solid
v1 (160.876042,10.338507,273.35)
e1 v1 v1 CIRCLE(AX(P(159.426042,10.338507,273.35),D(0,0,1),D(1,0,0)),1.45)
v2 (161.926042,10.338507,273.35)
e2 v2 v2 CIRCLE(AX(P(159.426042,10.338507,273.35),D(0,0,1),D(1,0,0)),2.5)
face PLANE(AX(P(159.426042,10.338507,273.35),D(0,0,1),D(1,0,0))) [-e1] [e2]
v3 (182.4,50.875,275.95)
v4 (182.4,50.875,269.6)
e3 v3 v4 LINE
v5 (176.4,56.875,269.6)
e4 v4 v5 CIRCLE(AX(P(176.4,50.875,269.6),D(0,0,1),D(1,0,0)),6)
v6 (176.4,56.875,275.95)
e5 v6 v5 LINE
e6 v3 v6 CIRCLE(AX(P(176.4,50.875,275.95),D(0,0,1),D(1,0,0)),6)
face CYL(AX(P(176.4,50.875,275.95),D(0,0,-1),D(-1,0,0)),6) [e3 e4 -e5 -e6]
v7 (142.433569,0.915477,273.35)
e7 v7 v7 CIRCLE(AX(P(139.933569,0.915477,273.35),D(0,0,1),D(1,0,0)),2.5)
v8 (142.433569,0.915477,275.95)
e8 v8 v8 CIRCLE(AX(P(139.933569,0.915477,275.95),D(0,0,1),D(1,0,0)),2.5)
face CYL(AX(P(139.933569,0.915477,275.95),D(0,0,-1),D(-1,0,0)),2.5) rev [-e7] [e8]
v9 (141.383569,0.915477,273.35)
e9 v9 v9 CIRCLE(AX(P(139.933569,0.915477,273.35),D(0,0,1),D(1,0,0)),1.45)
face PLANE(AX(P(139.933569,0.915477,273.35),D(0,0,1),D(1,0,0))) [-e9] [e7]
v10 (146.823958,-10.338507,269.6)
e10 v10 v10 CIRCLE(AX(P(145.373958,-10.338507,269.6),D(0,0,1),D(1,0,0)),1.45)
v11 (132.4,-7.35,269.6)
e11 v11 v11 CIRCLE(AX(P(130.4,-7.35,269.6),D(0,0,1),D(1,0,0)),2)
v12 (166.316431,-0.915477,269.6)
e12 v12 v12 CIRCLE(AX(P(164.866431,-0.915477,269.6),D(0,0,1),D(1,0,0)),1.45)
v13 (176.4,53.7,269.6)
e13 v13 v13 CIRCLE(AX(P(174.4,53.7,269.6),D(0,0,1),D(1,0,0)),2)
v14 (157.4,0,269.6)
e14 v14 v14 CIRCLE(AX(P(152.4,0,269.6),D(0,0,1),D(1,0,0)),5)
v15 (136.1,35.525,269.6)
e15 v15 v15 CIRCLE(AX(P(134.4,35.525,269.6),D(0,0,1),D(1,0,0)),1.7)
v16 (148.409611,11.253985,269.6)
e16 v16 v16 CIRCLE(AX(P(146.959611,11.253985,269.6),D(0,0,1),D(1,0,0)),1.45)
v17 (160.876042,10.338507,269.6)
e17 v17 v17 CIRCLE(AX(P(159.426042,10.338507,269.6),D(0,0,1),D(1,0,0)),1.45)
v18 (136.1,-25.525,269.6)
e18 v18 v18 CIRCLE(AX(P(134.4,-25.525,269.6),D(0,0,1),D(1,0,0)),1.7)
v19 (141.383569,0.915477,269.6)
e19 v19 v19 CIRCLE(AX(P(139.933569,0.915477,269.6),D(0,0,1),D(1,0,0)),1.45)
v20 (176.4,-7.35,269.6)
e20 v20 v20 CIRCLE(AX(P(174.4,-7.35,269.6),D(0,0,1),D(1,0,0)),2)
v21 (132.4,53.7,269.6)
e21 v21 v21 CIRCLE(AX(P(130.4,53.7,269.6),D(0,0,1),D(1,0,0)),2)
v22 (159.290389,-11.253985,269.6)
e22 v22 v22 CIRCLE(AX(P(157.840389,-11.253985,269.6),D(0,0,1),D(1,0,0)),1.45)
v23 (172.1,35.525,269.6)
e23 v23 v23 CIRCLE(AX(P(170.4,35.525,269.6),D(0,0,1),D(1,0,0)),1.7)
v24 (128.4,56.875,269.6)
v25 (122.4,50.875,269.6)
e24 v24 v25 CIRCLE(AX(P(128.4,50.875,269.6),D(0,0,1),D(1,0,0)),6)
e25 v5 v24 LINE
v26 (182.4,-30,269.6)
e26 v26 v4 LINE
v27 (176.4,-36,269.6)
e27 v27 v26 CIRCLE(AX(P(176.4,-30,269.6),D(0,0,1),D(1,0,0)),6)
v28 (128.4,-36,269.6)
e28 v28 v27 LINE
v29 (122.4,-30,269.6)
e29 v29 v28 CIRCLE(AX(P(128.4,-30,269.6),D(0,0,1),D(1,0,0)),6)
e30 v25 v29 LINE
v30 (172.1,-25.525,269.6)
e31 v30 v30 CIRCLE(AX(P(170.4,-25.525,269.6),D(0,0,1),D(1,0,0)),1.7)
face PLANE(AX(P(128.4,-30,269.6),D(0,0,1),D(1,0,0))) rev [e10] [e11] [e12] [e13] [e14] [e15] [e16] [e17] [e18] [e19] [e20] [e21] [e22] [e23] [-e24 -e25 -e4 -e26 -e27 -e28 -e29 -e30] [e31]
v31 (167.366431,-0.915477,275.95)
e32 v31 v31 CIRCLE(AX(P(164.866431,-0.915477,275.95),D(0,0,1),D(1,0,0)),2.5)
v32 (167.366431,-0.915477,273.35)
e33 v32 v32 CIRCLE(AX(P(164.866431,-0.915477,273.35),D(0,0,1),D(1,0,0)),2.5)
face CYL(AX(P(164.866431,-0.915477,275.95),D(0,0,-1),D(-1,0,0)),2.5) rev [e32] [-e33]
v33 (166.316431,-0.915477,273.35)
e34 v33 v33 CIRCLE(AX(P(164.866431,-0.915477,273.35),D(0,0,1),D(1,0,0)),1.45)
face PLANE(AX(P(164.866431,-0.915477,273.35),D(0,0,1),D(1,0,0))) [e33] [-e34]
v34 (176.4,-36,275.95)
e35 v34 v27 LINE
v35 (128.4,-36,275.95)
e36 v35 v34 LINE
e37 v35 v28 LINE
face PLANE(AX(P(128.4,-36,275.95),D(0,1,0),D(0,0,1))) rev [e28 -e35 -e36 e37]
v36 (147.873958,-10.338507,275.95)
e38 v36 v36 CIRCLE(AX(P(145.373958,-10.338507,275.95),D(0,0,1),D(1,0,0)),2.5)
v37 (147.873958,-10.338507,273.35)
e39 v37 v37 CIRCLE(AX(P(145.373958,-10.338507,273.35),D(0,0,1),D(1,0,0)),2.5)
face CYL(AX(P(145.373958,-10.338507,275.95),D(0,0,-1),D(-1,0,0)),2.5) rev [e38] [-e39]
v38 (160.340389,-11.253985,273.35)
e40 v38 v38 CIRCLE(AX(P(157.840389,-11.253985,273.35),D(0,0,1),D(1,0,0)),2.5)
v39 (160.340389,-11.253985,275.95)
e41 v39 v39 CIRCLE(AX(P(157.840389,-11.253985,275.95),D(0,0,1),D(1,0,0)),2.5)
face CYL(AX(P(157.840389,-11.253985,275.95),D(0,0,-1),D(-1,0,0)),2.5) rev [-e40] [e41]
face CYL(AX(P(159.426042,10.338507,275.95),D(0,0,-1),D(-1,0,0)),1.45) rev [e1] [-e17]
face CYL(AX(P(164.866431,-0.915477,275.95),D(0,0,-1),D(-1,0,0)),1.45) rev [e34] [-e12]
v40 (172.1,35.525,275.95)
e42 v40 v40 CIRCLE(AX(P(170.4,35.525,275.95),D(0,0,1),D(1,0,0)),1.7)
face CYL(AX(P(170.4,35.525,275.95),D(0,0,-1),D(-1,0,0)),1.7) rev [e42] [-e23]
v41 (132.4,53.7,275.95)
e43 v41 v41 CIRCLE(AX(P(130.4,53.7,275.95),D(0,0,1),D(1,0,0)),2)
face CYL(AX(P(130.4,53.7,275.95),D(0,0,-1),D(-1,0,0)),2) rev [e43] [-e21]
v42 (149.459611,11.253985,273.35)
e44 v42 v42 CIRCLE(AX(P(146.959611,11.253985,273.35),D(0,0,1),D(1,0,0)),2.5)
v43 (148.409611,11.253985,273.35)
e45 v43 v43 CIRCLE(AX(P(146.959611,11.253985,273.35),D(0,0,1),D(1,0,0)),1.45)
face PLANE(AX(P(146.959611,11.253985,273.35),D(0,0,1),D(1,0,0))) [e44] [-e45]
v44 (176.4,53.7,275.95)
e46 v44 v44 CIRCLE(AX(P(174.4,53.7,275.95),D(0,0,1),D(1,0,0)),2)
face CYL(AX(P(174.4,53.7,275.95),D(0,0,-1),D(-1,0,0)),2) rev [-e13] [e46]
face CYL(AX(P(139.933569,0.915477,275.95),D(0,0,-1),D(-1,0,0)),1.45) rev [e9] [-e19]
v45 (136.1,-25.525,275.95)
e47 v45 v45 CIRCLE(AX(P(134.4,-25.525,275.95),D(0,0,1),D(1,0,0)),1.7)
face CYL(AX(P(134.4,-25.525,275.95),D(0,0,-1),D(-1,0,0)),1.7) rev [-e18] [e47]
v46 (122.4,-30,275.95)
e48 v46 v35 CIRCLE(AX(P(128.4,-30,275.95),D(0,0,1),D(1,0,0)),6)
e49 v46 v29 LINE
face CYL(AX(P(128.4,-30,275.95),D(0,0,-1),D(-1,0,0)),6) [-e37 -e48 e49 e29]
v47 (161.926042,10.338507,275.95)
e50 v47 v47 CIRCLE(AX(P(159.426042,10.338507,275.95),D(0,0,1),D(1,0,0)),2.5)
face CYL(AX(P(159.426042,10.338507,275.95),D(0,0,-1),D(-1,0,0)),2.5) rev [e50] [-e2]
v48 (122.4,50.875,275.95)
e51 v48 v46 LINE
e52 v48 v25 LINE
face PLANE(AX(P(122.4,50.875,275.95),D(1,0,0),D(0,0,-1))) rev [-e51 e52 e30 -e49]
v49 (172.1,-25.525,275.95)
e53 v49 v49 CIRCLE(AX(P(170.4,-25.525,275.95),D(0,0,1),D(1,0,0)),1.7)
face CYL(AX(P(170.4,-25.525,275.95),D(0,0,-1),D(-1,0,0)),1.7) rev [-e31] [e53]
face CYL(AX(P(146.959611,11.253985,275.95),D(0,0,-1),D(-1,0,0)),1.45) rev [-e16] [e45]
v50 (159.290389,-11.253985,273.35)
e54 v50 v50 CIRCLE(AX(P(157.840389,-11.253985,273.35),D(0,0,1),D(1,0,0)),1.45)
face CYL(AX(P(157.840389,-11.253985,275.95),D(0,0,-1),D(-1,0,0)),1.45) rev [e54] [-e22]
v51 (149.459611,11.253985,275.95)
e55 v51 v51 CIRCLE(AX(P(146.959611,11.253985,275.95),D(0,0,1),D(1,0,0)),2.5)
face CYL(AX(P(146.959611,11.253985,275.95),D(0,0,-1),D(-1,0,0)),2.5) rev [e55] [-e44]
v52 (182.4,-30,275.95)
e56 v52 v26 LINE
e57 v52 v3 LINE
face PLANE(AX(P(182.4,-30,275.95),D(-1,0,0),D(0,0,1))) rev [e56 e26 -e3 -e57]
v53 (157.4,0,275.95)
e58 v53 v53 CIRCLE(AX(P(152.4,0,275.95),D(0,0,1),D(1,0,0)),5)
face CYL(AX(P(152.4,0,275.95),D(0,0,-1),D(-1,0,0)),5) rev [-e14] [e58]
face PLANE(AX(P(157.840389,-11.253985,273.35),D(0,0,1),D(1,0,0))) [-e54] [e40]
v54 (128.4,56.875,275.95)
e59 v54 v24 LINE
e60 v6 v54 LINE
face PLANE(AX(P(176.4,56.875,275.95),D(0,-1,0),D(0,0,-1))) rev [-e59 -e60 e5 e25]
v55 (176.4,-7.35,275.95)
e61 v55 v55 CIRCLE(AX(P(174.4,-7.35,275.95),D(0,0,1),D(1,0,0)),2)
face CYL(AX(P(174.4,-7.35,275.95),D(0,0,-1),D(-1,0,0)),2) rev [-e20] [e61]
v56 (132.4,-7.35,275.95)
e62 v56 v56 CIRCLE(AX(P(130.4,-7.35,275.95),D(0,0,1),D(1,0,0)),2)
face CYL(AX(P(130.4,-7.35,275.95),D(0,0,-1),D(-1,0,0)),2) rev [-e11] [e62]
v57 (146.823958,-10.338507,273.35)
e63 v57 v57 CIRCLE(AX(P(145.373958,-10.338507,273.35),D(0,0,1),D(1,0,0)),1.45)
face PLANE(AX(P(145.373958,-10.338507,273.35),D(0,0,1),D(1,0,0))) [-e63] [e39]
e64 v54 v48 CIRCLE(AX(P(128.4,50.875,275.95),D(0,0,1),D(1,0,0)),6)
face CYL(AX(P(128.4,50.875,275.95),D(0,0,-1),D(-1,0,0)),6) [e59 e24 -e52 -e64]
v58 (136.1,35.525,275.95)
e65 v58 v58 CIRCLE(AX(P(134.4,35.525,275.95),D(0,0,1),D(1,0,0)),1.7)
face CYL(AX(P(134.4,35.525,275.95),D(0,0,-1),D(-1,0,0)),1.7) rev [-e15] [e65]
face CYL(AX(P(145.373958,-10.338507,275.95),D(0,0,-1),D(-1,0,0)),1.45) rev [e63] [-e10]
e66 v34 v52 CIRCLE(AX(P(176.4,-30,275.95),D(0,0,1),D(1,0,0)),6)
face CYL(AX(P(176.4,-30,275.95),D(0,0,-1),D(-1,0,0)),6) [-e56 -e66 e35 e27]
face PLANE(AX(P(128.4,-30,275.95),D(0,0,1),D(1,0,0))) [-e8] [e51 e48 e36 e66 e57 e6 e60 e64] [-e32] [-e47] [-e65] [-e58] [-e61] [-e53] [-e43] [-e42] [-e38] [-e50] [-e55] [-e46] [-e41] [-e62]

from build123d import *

# Parameters (mm, degrees)
DISCO_1_4IN_START                     = 269.6
DISCO_1_4IN_DEPTH                     = 6.35
BARRENOS_M4_ESCUADRAS_PASADORES_START = 269.6
CROQUIS14_R                           = 1.45
CROQUIS14_R_2                         = 5
CROQUIS14_R_3                         = 1.25
CROQUIS14_R_4                         = 2
BARRENOS_M4_ESCUADRAS_PASADORES_DEPTH = 6.35
REFRENTADO_M2_5_START                 = 273.35
CROQUIS15_R                           = 2.5
REFRENTADO_M2_5_DEPTH                 = 2.6
PASO_M3_ESCUADRAS_TUERCA_START        = 269.6
CROQUIS16_R                           = 1.7
PASO_M3_ESCUADRAS_TUERCA_DEPTH        = 6.35


with BuildPart() as part:
    # Croquis13 → Disco_1-4in (new body)
    with BuildSketch(Plane.XY.offset(DISCO_1_4IN_START)):
        with BuildLine():
            Line((128.4, -36), (176.4, -36))
            ThreePointArc((176.4, -36), (180.642640687, -34.242640687), (182.4, -30))
            Line((182.4, -30), (182.4, 50.875))
            ThreePointArc((182.4, 50.875), (180.642640687, 55.117640687), (176.4, 56.875))
            Line((176.4, 56.875), (128.4, 56.875))
            ThreePointArc((128.4, 56.875), (124.157359313, 55.117640687), (122.4, 50.875))
            Line((122.4, 50.875), (122.4, -30))
            ThreePointArc((122.4, -30), (124.157359313, -34.242640687), (128.4, -36))
        make_face()
    extrude(amount=DISCO_1_4IN_DEPTH)

    # Croquis14 → Barrenos_M4_escuadras_pasadores (cut)
    with BuildSketch(Plane.XY.offset(BARRENOS_M4_ESCUADRAS_PASADORES_START)):
        with Locations((159.426042223, 10.338507178)):
            Circle(CROQUIS14_R)
        with Locations((146.959611258, 11.253984643)):
            Circle(CROQUIS14_R)
        with Locations((139.933569035, 0.915477464)):
            Circle(CROQUIS14_R)
        with Locations((145.373957777, -10.338507178)):
            Circle(CROQUIS14_R)
        with Locations((157.840388742, -11.253984643)):
            Circle(CROQUIS14_R)
        with Locations((164.866430965, -0.915477464)):
            Circle(CROQUIS14_R)
        with Locations((152.4, 0)):
            Circle(CROQUIS14_R_2)
        with Locations((134.4, 35.525)):
            Circle(CROQUIS14_R_3)
        with Locations((134.4, -25.525)):
            Circle(CROQUIS14_R_3)
        with Locations((170.4, 35.525)):
            Circle(CROQUIS14_R_3)
        with Locations((170.4, -25.525)):
            Circle(CROQUIS14_R_3)
        with Locations((130.4, 53.7)):
            Circle(CROQUIS14_R_4)
        with Locations((130.4, -7.35)):
            Circle(CROQUIS14_R_4)
        with Locations((174.4, 53.7)):
            Circle(CROQUIS14_R_4)
        with Locations((174.4, -7.35)):
            Circle(CROQUIS14_R_4)
    extrude(amount=BARRENOS_M4_ESCUADRAS_PASADORES_DEPTH, mode=Mode.SUBTRACT)

    # Croquis15 → Refrentado_M2-5 (cut)
    with BuildSketch(Plane.XY.offset(REFRENTADO_M2_5_START)):
        with Locations((159.426042223, 10.338507178)):
            Circle(CROQUIS15_R)
        with Locations((146.959611258, 11.253984643)):
            Circle(CROQUIS15_R)
        with Locations((139.933569035, 0.915477464)):
            Circle(CROQUIS15_R)
        with Locations((145.373957777, -10.338507178)):
            Circle(CROQUIS15_R)
        with Locations((157.840388742, -11.253984643)):
            Circle(CROQUIS15_R)
        with Locations((164.866430965, -0.915477464)):
            Circle(CROQUIS15_R)
    extrude(amount=REFRENTADO_M2_5_DEPTH, mode=Mode.SUBTRACT)

    # Croquis16 → Paso_M3_escuadras_tuerca (cut)
    with BuildSketch(Plane.XY.offset(PASO_M3_ESCUADRAS_TUERCA_START)):
        with Locations((134.4, 35.525)):
            Circle(CROQUIS16_R)
        with Locations((134.4, -25.525)):
            Circle(CROQUIS16_R)
        with Locations((170.4, 35.525)):
            Circle(CROQUIS16_R)
        with Locations((170.4, -25.525)):
            Circle(CROQUIS16_R)
    extrude(amount=PASO_M3_ESCUADRAS_TUERCA_DEPTH, mode=Mode.SUBTRACT)


solid = part.part
